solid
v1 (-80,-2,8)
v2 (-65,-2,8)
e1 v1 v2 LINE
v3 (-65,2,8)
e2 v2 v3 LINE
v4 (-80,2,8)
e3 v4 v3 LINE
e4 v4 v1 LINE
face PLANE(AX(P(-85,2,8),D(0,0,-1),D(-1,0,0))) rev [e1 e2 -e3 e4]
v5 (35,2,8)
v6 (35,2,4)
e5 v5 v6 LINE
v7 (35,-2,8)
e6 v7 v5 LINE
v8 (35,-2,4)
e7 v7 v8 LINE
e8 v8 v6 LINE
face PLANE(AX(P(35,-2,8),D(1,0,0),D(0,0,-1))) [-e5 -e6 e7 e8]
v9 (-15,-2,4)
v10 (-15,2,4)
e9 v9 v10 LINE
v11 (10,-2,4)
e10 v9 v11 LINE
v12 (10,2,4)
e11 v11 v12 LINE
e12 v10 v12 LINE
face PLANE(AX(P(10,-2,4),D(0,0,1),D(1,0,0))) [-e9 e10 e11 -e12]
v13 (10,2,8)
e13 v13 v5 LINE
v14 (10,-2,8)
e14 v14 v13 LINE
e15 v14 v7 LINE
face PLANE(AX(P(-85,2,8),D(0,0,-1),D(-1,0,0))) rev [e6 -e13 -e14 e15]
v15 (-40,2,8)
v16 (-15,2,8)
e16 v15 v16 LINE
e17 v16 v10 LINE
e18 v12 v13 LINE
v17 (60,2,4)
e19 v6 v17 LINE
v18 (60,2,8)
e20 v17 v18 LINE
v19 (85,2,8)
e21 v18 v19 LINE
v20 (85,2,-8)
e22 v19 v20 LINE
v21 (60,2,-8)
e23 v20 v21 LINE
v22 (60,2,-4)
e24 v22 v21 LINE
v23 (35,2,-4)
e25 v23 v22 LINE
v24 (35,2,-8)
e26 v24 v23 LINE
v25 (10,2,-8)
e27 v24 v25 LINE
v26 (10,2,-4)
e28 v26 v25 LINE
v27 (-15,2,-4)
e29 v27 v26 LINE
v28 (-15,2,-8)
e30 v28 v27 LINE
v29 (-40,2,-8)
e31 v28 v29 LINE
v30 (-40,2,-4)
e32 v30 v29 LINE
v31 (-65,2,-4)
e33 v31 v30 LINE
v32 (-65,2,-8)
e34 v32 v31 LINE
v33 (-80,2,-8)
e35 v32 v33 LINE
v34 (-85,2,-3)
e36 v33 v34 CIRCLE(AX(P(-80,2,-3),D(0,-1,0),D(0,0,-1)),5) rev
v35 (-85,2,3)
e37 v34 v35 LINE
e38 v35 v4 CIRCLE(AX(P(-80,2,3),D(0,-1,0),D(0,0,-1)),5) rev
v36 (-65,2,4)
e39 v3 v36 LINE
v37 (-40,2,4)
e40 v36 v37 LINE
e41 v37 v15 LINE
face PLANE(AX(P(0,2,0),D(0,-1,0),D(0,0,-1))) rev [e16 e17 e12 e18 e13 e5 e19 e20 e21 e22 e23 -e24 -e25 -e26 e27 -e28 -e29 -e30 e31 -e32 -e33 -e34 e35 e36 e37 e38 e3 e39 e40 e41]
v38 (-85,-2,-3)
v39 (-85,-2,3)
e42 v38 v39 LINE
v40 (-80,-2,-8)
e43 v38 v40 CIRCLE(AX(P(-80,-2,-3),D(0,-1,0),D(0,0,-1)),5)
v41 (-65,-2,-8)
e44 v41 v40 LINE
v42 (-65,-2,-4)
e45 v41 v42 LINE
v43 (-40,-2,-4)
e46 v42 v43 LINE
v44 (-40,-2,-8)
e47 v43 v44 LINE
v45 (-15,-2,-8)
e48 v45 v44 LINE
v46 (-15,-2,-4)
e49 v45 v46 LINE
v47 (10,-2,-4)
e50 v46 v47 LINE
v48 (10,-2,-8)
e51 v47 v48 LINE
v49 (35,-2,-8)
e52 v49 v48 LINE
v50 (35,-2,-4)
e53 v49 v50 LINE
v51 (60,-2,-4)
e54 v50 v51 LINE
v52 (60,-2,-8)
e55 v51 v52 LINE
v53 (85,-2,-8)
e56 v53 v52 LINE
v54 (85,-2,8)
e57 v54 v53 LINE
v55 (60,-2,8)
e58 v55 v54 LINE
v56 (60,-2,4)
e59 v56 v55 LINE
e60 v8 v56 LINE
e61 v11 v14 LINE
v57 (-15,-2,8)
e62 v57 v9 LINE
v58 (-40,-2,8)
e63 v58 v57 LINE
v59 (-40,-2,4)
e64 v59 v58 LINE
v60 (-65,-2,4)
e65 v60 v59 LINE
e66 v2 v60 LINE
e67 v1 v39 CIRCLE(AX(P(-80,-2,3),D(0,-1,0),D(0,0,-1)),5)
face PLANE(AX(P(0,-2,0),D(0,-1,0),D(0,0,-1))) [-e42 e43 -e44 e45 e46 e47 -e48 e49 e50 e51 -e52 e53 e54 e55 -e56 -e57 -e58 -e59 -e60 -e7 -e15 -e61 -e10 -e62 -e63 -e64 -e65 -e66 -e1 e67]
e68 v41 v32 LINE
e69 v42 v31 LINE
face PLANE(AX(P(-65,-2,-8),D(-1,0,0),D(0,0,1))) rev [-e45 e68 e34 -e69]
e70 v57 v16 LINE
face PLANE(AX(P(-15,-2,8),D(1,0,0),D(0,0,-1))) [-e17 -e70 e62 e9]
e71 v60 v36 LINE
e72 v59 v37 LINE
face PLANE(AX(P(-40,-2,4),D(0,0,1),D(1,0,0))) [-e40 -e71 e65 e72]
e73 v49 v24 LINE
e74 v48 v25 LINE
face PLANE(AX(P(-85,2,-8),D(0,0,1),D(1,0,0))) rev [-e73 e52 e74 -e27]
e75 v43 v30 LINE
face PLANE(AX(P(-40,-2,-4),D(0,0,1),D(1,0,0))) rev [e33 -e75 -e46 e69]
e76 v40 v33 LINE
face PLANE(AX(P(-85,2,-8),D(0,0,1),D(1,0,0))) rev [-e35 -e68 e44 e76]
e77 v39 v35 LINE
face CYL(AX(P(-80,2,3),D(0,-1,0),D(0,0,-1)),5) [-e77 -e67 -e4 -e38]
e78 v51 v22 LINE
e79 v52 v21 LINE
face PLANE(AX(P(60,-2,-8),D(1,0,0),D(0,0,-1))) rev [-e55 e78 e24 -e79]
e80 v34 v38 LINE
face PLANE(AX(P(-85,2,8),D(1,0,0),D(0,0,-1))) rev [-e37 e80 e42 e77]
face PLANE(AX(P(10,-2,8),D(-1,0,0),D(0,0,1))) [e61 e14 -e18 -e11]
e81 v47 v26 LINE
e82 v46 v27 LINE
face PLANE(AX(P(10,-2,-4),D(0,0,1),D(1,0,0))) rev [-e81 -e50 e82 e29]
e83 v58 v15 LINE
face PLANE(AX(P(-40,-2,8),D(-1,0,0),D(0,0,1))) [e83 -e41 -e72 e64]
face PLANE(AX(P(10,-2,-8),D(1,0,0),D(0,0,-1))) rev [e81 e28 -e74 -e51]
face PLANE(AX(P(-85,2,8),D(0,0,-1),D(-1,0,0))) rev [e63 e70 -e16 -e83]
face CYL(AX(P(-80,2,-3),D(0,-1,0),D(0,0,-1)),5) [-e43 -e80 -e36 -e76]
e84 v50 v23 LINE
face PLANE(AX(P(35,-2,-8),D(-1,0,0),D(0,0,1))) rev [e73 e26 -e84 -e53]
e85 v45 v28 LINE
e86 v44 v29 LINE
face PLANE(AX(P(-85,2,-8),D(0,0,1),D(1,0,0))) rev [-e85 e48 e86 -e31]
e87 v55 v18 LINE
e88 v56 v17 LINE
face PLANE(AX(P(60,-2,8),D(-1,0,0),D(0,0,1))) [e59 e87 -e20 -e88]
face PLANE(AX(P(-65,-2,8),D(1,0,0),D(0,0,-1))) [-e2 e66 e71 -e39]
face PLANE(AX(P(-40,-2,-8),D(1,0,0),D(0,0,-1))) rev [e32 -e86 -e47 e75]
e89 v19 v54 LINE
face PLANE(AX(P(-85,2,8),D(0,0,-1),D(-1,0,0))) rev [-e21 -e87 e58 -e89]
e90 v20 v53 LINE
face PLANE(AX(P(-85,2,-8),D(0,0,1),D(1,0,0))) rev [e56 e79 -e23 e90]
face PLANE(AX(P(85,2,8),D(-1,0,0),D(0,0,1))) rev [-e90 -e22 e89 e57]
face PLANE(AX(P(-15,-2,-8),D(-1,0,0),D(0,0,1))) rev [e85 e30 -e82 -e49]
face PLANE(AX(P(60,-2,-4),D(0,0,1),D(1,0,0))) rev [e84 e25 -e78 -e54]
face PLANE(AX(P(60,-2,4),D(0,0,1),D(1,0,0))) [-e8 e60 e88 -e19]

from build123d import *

# Parameters (mm, degrees)
SKETCH1_W           = 170
SKETCH1_H           = 16
BOSS_EXTRUDE1_DEPTH = 2
SKETCH2_W           = 25
SKETCH2_H           = 4
CUT_EXTRUDE1_DEPTH  = 86.469292731
FILLET1_R           = 5


with BuildPart() as part:
    # Sketch1 → Boss-Extrude1 (new, symmetric)
    with BuildSketch(Plane(origin=(0, 0, 0), x_dir=(1, 0, 0), z_dir=(0, 1, 0))):
        Rectangle(SKETCH1_W, SKETCH1_H)
    extrude(amount=BOSS_EXTRUDE1_DEPTH, both=True)

    # Sketch2 → Cut-Extrude1 (cut, through all)
    with BuildSketch(Plane(origin=(0, 2, 0), x_dir=(1, 0, 0), z_dir=(0, 1, 0))):
        with Locations((47.5, 6)):
            Rectangle(SKETCH2_W, SKETCH2_H)
        with Locations((-2.5, 6)):
            Rectangle(SKETCH2_W, SKETCH2_H)
        with Locations((-52.5, 6)):
            Rectangle(SKETCH2_W, SKETCH2_H)
        with Locations((-102.5, 6)):
            Rectangle(SKETCH2_W, SKETCH2_H)
        with Locations((-152.5, 6)):
            Rectangle(SKETCH2_W, SKETCH2_H)
        with Locations((-202.5, 6)):
            Rectangle(SKETCH2_W, SKETCH2_H)
        with Locations((-252.5, 6)):
            Rectangle(SKETCH2_W, SKETCH2_H)
        with Locations((-302.5, 6)):
            Rectangle(SKETCH2_W, SKETCH2_H)
        with Locations((-352.5, 6)):
            Rectangle(SKETCH2_W, SKETCH2_H)
        with Locations((-402.5, 6)):
            Rectangle(SKETCH2_W, SKETCH2_H)
    cut_extrude1 = extrude(amount=-CUT_EXTRUDE1_DEPTH, mode=Mode.SUBTRACT)

    # Mirror1: Cut-Extrude1 across plane
    add(cut_extrude1.mirror(Plane.XY), mode=Mode.SUBTRACT)

    # Fillet1
    fillet1_edges = [part.edges().sort_by_distance(p)[0] for p in [
        (-85, 0, 8),
        (-85, 0, -8),
    ]]
    fillet(fillet1_edges, radius=FILLET1_R)


solid = part.part
